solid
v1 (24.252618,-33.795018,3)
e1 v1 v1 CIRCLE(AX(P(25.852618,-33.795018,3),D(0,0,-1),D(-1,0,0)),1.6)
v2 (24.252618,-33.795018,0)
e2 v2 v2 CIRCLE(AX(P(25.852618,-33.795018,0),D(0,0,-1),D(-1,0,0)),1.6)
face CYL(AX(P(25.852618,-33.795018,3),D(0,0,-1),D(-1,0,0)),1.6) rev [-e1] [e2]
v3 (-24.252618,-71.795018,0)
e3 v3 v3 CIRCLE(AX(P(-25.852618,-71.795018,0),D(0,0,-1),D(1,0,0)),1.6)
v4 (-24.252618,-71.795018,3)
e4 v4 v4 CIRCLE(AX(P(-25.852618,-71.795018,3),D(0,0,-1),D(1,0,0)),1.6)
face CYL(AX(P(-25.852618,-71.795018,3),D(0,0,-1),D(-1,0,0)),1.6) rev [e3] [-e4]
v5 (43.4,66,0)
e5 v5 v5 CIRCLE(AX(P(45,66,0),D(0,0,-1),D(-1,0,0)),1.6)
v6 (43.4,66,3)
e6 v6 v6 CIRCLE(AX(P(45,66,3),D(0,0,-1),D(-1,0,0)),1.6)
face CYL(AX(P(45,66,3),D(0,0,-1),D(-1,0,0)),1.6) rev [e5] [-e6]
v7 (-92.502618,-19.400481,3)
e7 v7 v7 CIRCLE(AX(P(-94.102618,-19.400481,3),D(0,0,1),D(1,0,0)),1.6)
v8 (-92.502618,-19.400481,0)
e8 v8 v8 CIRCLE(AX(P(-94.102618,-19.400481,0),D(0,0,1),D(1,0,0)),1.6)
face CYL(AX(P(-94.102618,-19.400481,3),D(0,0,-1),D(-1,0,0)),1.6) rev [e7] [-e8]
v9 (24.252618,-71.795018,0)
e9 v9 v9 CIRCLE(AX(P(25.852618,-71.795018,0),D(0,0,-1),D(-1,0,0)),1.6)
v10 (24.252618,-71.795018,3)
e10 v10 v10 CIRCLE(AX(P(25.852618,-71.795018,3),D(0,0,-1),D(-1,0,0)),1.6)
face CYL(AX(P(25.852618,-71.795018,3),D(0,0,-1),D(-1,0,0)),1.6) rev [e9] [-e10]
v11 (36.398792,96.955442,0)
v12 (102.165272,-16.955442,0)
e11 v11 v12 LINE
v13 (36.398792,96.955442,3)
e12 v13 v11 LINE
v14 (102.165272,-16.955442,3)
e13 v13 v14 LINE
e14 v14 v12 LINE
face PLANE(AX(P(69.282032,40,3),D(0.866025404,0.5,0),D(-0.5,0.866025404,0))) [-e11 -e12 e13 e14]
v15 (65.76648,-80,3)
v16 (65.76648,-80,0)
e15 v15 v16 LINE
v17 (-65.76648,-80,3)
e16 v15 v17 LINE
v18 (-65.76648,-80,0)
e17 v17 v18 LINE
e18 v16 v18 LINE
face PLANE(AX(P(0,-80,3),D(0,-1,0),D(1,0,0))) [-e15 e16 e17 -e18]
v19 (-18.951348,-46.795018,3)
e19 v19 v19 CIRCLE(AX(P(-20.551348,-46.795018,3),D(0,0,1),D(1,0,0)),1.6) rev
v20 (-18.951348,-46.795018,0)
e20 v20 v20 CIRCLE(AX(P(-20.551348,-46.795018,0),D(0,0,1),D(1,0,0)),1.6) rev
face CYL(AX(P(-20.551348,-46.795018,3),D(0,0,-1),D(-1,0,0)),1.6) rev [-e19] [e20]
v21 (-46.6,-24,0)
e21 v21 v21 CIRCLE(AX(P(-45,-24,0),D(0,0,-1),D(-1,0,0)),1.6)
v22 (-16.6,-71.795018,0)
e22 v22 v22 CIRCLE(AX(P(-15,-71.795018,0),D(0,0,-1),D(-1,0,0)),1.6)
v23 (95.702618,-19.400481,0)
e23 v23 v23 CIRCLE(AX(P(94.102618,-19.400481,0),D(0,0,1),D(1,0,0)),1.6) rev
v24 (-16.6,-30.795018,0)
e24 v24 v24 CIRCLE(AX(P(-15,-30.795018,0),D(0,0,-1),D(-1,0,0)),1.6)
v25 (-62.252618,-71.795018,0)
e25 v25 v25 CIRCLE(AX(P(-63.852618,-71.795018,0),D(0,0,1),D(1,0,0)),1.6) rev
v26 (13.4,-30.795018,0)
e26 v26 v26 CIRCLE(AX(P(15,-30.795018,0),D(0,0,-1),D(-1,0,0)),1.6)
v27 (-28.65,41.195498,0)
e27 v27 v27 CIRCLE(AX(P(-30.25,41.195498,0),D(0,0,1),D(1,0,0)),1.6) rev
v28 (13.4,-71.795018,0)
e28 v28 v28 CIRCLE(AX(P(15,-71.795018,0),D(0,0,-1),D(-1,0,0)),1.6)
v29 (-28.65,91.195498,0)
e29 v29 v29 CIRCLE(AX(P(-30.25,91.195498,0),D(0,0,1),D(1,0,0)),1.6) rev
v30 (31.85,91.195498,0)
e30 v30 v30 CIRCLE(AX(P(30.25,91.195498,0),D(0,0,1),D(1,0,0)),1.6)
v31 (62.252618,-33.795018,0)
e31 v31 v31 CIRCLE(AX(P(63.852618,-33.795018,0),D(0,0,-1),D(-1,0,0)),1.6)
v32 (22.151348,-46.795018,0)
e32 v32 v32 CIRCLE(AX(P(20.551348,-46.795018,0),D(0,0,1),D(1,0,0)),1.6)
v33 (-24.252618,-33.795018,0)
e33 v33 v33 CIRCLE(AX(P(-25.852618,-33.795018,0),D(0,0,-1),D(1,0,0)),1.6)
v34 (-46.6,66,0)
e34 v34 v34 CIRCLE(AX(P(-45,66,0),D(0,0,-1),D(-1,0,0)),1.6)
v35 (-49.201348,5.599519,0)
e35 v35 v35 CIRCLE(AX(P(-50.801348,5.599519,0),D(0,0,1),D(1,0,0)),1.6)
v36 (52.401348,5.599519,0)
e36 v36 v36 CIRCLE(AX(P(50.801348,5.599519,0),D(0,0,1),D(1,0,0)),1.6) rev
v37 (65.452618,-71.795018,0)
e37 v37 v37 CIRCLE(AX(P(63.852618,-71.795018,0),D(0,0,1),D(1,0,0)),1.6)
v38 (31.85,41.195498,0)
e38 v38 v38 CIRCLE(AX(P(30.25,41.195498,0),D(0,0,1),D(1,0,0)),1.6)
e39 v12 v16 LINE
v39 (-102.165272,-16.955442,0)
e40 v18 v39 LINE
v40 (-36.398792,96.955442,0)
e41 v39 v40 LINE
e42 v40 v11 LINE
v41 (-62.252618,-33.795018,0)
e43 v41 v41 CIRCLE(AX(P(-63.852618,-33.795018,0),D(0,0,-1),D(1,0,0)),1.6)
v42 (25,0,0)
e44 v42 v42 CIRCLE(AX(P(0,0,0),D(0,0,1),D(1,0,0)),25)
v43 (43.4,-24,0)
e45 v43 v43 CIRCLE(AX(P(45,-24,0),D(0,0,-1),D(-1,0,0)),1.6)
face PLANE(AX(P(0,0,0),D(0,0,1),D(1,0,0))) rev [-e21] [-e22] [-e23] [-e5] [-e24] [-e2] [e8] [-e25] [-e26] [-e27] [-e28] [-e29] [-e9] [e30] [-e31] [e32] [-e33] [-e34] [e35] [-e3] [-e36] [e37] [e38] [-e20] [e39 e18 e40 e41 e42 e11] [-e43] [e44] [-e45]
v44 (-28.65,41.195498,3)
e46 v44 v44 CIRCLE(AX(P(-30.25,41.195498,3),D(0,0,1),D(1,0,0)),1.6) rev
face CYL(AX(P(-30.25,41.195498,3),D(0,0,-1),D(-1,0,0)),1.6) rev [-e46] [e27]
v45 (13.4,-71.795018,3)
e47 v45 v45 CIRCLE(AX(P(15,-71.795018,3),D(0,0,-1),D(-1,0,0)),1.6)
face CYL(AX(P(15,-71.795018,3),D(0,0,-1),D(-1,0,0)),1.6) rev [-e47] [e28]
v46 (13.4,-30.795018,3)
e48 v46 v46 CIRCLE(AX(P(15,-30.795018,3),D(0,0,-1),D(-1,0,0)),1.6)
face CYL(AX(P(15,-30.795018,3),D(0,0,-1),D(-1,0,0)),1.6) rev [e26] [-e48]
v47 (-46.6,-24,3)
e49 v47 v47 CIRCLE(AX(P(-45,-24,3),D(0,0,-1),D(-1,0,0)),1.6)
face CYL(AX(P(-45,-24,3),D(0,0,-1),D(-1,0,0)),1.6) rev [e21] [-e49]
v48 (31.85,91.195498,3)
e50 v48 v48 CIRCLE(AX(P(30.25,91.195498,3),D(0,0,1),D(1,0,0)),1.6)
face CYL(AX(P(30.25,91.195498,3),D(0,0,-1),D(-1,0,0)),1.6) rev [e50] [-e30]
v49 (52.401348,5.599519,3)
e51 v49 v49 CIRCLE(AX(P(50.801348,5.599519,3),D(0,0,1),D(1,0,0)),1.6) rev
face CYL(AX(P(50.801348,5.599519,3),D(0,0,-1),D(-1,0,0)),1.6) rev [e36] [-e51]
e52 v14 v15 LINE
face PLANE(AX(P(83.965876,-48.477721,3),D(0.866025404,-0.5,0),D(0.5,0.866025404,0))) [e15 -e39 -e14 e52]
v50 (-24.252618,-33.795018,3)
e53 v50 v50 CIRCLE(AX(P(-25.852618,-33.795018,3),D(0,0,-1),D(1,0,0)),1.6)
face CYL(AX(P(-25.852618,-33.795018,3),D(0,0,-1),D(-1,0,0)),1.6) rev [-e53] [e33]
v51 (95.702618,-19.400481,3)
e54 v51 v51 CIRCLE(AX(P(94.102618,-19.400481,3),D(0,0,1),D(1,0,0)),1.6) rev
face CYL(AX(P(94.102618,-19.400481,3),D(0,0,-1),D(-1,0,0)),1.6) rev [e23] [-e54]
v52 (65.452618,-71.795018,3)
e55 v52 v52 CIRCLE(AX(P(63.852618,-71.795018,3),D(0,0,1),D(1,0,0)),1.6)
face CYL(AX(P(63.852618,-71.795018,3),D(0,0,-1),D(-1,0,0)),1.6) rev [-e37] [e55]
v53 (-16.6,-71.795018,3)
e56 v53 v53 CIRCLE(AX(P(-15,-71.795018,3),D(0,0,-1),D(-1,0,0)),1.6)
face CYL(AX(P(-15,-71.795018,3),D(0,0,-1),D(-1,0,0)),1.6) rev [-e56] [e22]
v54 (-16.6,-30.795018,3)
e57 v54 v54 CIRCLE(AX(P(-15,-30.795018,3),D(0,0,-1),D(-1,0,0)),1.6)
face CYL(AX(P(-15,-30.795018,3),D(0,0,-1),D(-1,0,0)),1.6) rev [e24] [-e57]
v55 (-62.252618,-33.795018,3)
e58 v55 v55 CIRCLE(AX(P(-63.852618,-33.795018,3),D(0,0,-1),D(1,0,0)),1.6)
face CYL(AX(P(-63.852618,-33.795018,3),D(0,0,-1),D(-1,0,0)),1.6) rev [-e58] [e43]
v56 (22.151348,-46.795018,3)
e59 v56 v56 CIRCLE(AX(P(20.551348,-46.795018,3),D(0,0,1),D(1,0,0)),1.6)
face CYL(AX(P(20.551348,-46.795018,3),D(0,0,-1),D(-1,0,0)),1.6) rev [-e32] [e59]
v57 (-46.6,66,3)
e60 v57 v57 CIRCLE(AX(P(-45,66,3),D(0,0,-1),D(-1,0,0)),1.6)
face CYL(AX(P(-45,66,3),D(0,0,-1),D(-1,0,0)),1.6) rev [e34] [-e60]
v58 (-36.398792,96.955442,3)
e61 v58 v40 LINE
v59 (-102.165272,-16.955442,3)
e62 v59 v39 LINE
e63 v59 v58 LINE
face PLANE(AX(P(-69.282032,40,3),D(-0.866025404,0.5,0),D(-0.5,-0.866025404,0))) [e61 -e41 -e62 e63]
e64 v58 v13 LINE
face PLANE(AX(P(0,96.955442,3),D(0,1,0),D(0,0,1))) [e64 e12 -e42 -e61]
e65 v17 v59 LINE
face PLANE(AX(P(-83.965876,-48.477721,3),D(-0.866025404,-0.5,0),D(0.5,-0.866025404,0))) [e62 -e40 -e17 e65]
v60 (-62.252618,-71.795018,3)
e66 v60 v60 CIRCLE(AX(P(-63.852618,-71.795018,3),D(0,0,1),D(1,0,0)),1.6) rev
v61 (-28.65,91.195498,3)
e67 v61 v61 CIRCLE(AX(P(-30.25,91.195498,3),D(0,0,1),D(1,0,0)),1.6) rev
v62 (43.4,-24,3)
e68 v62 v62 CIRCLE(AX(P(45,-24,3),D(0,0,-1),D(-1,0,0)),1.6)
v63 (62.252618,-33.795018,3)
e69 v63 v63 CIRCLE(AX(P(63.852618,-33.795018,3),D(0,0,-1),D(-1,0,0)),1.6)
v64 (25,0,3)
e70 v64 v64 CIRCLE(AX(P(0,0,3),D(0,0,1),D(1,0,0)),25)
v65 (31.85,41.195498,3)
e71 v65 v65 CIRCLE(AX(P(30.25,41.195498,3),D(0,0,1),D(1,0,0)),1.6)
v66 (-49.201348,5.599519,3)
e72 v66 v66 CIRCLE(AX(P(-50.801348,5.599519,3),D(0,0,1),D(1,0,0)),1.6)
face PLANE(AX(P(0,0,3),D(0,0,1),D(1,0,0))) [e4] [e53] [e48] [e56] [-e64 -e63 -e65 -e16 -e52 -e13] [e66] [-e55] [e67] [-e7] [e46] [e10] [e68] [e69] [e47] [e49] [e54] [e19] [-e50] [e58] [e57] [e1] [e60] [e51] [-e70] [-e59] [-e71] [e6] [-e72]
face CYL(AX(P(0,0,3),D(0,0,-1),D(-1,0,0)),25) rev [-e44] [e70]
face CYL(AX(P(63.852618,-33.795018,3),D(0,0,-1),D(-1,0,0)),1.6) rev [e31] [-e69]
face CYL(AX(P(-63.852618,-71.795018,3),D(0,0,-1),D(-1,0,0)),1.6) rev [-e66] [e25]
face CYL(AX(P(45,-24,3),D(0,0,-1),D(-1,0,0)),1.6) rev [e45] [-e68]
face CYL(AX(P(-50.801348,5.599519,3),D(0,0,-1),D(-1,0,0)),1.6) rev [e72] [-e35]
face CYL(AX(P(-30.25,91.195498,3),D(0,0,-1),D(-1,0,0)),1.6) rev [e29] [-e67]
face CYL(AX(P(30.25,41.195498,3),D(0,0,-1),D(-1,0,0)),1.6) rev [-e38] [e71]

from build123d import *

# Parameters (mm, degrees)
SKETCH_1_R          = 1.6
SKETCH_1_R_2        = 25
EXTRUDE_1_DEPTH     = 3
SKETCH_2_R          = 1.6
CUT_EXTRUDE_1_DEPTH = 4


with BuildPart() as part:
    # ｽｹｯﾁ1 → ﾎﾞｽ - 押し出し1 (new body)
    with BuildSketch(Plane.XY):
        Polygon((-36.39879245, 96.955442142), (36.39879245, 96.955442142), (102.165272155, -16.955442142), (65.766479705, -80), (-65.766479705, -80), (-102.165272155, -16.955442142), align=None)
        with Locations((30.25, 91.195498156)):
            Circle(SKETCH_1_R, mode=Mode.SUBTRACT)
        with Locations((30.25, 41.195498156)):
            Circle(SKETCH_1_R, mode=Mode.SUBTRACT)
        with Locations((-30.25, 41.195498156)):
            Circle(SKETCH_1_R, mode=Mode.SUBTRACT)
        with Locations((-30.25, 91.195498156)):
            Circle(SKETCH_1_R, mode=Mode.SUBTRACT)
        with Locations((63.852618114, -71.795017542)):
            Circle(SKETCH_1_R, mode=Mode.SUBTRACT)
        with Locations((94.102618114, -19.400480613)):
            Circle(SKETCH_1_R, mode=Mode.SUBTRACT)
        with Locations((50.801347925, 5.599519387)):
            Circle(SKETCH_1_R, mode=Mode.SUBTRACT)
        with Locations((20.551347925, -46.795017542)):
            Circle(SKETCH_1_R, mode=Mode.SUBTRACT)
        with Locations((-94.102618114, -19.400480613)):
            Circle(SKETCH_1_R, mode=Mode.SUBTRACT)
        with Locations((-63.852618114, -71.795017542)):
            Circle(SKETCH_1_R, mode=Mode.SUBTRACT)
        with Locations((-20.551347925, -46.795017542)):
            Circle(SKETCH_1_R, mode=Mode.SUBTRACT)
        with Locations((-50.801347925, 5.599519387)):
            Circle(SKETCH_1_R, mode=Mode.SUBTRACT)
        Circle(SKETCH_1_R_2, mode=Mode.SUBTRACT)
    extrude(amount=EXTRUDE_1_DEPTH)

    # ｽｹｯﾁ2 → ｶｯﾄ - 押し出し1 (cut, through all)
    with BuildSketch(Plane(origin=(0, 0, 0), x_dir=(-1, 0, 0), z_dir=(0, 0, -1))):
        with Locations((-63.852618114, -33.795017542)):
            Circle(SKETCH_2_R)
        with Locations((-25.852618114, -33.795017542)):
            Circle(SKETCH_2_R)
        with Locations((-25.852618114, -71.795017542)):
            Circle(SKETCH_2_R)
        with Locations((-63.852618114, -71.795017542)):
            Circle(SKETCH_2_R)
        with Locations((15, -30.795017542)):
            Circle(SKETCH_2_R)
        with Locations((-15, -30.795017542)):
            Circle(SKETCH_2_R)
        with Locations((-15, -71.795017542)):
            Circle(SKETCH_2_R)
        with Locations((15, -71.795017542)):
            Circle(SKETCH_2_R)
        with Locations((45, 66)):
            Circle(SKETCH_2_R)
        with Locations((-45, 66)):
            Circle(SKETCH_2_R)
        with Locations((-45, -24)):
            Circle(SKETCH_2_R)
        with Locations((45, -24)):
            Circle(SKETCH_2_R)
        with Locations((63.852618114, -71.795017542)):
            Circle(SKETCH_2_R)
        with Locations((25.852618114, -71.795017542)):
            Circle(SKETCH_2_R)
        with Locations((25.852618114, -33.795017542)):
            Circle(SKETCH_2_R)
        with Locations((63.852618114, -33.795017542)):
            Circle(SKETCH_2_R)
    extrude(amount=-CUT_EXTRUDE_1_DEPTH, mode=Mode.SUBTRACT)


solid = part.part
